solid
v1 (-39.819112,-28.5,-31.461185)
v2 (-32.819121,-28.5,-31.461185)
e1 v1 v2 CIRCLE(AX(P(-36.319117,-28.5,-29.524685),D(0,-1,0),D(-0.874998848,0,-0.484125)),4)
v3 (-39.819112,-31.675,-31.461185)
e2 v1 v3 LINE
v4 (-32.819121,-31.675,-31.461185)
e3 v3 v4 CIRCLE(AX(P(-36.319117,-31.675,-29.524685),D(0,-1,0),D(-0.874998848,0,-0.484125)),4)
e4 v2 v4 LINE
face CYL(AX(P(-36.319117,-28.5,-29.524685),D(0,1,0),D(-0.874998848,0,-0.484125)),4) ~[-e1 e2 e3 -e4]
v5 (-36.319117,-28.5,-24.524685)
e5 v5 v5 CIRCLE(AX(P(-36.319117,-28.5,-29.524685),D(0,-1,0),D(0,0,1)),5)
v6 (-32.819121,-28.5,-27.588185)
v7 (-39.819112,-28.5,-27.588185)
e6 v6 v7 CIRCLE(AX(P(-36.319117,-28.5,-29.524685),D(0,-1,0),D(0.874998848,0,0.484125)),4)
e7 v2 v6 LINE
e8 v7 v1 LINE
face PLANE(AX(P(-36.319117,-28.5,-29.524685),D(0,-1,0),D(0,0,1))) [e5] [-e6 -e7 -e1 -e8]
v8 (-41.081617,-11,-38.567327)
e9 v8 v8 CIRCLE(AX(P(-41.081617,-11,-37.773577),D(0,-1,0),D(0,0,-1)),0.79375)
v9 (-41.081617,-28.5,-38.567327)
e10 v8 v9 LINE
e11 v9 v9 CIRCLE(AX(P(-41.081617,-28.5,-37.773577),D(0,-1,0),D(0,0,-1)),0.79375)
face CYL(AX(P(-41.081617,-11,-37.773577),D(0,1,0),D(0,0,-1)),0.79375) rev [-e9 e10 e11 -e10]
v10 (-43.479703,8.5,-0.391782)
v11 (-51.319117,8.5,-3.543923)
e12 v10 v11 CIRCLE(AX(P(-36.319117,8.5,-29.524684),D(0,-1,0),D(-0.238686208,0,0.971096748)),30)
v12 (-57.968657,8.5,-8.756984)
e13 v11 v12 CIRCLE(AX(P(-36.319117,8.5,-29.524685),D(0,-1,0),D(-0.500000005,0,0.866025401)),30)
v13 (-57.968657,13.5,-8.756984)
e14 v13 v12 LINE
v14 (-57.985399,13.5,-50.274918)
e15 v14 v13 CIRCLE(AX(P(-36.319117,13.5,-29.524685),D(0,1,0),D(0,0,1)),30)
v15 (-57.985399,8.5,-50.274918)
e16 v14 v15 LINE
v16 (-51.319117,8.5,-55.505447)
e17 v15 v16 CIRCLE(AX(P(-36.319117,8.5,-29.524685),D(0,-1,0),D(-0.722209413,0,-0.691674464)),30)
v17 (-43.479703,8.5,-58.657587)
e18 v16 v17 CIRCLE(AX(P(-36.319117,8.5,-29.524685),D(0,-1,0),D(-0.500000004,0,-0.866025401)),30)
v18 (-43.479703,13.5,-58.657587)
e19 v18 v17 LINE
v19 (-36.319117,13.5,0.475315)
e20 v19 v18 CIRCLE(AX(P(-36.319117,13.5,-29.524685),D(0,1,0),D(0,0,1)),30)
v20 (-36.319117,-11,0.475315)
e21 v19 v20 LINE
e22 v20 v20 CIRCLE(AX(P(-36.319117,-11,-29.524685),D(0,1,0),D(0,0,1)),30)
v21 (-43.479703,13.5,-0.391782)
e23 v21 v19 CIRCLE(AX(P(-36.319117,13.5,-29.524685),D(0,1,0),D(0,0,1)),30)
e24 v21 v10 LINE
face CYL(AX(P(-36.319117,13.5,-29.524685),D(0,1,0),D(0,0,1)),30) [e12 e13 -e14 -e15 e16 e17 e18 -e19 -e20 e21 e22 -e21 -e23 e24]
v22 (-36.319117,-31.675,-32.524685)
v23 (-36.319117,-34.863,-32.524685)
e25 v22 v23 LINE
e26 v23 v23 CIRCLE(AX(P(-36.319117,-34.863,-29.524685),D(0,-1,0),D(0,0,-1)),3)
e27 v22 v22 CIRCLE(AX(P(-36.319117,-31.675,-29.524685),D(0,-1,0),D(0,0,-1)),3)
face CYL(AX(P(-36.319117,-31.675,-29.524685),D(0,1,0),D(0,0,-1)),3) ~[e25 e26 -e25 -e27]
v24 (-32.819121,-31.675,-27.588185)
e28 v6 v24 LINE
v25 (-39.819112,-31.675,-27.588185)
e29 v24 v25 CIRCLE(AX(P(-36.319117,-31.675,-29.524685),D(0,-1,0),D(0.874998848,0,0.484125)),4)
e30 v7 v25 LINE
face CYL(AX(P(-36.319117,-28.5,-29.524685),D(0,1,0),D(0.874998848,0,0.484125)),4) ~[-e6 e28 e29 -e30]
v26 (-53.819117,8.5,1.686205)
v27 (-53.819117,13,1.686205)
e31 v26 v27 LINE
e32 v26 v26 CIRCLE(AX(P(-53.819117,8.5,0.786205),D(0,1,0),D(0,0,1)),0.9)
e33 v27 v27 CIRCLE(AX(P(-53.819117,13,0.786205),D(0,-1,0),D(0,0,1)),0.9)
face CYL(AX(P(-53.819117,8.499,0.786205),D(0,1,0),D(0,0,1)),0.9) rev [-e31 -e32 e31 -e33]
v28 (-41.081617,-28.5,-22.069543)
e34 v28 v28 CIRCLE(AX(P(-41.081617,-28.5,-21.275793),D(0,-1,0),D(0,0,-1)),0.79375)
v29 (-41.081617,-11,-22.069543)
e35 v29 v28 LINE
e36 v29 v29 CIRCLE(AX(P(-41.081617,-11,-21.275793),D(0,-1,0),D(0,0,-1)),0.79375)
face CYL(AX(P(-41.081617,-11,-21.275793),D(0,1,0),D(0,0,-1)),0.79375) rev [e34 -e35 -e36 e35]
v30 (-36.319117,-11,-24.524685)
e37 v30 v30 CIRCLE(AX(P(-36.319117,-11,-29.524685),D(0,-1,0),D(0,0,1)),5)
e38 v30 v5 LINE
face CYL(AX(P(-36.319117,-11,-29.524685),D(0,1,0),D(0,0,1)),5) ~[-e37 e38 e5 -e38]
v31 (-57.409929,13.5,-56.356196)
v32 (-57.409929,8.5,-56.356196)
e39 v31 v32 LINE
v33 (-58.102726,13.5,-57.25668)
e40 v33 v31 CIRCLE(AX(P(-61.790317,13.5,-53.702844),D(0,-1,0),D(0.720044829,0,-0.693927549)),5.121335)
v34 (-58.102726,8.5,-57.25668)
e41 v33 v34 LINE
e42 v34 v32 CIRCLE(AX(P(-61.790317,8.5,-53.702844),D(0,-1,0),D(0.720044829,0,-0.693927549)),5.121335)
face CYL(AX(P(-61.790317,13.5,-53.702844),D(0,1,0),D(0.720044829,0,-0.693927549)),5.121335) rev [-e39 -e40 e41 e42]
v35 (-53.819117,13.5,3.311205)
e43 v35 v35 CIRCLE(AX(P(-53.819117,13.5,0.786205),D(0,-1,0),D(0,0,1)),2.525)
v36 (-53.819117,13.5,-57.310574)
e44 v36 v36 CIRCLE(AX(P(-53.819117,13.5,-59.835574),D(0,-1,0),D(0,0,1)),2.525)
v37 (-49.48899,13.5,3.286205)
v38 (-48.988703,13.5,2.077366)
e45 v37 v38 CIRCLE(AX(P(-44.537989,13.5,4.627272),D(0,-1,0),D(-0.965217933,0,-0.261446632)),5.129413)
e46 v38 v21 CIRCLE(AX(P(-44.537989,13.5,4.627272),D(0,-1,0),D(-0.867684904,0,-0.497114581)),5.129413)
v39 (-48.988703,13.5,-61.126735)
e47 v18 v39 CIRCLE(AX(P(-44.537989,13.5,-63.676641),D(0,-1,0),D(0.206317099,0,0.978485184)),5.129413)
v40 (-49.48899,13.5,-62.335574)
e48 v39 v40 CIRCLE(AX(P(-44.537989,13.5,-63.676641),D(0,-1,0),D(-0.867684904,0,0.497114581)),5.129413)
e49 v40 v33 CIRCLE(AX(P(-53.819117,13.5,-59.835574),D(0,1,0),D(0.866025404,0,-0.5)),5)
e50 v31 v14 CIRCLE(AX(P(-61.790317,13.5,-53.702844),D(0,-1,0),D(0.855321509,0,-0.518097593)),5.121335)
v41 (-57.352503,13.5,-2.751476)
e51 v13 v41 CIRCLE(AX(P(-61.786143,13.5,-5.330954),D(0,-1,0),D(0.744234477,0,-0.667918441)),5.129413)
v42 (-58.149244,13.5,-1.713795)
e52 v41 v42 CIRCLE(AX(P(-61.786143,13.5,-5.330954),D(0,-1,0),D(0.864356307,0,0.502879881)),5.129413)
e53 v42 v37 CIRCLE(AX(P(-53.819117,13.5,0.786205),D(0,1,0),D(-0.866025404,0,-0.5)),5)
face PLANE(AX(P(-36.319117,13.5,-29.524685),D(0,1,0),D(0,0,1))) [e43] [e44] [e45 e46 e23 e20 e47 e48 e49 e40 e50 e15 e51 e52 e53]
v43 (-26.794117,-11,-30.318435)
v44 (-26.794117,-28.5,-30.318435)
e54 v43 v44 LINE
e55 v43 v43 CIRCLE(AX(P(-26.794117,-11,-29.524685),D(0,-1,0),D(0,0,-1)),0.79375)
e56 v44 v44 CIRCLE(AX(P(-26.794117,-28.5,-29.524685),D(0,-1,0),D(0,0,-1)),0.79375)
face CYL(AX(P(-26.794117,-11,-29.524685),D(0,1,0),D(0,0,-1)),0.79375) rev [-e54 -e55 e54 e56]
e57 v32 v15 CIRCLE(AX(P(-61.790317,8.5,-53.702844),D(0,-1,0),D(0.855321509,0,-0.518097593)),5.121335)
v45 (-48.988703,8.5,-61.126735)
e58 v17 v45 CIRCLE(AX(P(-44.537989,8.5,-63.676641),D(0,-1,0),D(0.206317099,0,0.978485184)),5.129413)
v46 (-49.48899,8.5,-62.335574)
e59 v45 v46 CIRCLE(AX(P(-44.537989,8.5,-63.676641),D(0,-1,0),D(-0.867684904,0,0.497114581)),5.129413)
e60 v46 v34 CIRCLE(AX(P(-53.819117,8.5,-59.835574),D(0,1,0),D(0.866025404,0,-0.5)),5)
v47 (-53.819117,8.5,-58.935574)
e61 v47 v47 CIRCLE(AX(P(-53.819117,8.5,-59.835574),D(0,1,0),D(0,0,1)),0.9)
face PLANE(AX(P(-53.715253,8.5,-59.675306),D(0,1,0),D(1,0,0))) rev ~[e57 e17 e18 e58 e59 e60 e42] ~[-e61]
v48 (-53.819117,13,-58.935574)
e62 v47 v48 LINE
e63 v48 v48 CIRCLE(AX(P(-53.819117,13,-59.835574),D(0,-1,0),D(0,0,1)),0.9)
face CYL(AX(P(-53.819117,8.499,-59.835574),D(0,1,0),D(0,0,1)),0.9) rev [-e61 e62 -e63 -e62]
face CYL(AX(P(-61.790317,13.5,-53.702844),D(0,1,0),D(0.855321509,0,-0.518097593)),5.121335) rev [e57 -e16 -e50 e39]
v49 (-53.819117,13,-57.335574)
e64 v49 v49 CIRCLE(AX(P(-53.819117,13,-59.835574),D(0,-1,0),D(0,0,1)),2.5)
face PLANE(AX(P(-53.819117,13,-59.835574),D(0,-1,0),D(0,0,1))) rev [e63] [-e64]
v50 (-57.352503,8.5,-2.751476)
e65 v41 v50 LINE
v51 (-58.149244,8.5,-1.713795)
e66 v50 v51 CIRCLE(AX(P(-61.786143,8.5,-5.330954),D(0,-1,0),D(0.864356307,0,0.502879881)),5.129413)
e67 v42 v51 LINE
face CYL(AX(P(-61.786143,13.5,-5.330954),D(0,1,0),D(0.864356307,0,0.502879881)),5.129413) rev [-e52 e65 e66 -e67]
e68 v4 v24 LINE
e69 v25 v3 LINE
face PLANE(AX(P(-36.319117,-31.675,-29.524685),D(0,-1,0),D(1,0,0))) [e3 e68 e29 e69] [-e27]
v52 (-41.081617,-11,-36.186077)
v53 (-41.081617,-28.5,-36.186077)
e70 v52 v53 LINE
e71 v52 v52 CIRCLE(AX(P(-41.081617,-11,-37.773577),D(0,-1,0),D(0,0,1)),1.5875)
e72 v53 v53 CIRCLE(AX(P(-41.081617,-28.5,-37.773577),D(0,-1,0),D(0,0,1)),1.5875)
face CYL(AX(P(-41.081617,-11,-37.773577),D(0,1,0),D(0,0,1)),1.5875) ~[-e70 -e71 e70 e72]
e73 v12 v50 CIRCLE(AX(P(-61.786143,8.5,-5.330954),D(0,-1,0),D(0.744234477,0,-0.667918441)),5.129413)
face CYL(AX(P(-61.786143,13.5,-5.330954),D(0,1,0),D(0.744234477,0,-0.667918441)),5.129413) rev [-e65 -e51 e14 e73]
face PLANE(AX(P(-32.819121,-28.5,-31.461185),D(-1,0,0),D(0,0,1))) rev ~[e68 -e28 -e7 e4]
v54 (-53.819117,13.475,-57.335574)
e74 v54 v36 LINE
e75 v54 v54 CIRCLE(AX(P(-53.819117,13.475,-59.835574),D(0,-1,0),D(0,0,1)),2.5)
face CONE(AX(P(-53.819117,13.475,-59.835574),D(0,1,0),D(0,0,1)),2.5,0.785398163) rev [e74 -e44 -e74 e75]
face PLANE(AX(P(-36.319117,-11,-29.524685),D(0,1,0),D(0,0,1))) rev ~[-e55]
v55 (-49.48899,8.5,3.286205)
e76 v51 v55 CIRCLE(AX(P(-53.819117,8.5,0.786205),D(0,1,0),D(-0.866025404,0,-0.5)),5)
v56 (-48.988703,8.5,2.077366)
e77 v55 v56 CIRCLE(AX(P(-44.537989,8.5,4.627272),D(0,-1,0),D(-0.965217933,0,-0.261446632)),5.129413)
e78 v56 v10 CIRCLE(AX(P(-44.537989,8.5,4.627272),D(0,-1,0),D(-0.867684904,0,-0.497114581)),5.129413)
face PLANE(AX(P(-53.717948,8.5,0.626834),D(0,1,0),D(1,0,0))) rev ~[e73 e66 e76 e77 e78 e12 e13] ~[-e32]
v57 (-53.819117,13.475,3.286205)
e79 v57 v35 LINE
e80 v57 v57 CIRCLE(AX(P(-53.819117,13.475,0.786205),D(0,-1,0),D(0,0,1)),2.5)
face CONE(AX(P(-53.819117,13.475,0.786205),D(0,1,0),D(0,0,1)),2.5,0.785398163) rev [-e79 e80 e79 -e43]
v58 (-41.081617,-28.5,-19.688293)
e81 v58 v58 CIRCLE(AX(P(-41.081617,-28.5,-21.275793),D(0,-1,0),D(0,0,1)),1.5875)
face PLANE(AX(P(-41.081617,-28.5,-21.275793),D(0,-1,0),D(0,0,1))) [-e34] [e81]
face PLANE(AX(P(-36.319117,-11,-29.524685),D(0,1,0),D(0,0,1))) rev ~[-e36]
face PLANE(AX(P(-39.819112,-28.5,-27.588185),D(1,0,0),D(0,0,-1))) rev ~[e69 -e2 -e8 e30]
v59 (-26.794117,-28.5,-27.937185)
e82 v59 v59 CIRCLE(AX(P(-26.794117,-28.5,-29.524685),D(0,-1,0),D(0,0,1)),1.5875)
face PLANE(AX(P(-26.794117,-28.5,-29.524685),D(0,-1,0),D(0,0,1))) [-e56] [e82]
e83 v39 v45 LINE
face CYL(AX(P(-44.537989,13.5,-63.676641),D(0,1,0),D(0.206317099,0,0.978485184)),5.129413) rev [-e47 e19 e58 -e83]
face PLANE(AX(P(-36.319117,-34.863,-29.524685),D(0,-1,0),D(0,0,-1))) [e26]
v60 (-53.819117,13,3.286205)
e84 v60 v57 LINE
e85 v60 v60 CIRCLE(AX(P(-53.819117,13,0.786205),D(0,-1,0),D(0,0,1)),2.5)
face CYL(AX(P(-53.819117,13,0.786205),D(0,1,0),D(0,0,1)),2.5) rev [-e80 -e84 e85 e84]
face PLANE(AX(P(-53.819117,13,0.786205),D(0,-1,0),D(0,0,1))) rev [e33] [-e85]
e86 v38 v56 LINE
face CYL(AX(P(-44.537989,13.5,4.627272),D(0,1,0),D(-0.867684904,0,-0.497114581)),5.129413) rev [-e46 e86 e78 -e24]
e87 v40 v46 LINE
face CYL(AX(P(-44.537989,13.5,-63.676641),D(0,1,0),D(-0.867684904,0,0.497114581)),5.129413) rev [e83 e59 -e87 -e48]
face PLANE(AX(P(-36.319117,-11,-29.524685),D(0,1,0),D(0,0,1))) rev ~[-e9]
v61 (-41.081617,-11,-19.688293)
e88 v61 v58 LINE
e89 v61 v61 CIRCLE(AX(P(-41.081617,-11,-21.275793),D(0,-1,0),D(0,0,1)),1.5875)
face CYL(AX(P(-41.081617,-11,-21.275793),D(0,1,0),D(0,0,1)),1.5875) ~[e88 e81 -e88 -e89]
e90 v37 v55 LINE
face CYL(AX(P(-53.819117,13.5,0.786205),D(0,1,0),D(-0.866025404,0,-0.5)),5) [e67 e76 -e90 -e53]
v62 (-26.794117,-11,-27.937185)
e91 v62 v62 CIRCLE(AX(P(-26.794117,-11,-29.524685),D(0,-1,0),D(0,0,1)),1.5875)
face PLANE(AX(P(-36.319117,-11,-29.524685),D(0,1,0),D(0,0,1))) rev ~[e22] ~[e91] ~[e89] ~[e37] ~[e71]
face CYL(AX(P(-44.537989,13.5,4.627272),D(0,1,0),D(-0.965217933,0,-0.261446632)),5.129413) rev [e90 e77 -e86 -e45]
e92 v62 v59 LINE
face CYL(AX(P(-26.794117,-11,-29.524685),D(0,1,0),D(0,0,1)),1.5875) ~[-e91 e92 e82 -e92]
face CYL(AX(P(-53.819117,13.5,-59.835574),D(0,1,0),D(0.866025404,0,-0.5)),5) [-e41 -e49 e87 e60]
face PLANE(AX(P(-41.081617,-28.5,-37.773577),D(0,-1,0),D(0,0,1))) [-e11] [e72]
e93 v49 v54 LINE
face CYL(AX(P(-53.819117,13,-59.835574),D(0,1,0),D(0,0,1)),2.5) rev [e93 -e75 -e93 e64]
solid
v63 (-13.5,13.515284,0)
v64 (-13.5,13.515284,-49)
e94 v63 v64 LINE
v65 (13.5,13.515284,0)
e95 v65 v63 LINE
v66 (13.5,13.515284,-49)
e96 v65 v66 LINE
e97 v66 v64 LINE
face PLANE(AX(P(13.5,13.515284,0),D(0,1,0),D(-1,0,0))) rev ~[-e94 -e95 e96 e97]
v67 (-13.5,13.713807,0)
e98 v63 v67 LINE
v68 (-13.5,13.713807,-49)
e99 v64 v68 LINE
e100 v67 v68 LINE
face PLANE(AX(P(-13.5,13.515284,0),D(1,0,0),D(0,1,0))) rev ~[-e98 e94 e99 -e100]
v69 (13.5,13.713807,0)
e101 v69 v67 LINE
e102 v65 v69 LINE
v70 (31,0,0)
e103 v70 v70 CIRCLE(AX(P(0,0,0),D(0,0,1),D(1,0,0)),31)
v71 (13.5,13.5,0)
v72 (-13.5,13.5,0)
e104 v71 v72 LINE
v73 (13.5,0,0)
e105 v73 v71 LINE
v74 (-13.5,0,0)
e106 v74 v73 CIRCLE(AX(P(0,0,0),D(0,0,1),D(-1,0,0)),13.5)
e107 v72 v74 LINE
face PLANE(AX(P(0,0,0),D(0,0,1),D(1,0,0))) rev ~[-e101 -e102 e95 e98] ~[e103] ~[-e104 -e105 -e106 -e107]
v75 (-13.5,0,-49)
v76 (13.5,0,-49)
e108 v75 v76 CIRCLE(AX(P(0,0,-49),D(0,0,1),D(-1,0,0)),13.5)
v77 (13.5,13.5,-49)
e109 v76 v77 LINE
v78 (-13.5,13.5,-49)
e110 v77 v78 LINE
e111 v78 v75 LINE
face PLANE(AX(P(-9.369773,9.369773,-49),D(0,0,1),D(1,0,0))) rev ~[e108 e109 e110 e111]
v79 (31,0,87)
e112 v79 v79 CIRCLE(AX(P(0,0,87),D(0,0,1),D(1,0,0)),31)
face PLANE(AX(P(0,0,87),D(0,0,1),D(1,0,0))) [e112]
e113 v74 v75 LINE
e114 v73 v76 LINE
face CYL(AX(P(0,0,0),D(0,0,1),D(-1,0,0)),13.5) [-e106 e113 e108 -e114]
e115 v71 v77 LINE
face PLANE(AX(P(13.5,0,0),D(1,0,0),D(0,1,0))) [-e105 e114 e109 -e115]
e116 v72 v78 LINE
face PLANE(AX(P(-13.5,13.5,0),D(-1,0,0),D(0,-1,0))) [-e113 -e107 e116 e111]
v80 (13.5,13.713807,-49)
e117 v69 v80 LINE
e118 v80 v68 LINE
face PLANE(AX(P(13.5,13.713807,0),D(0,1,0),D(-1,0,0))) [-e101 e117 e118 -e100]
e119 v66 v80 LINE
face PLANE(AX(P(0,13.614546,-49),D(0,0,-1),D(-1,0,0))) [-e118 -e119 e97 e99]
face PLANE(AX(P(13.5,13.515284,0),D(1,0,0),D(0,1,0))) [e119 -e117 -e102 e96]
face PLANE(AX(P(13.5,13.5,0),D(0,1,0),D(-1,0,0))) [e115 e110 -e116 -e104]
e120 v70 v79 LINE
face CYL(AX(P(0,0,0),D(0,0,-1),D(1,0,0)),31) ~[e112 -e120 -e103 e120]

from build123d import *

# Parameters (mm, degrees)
SKETCH1_R                                    = 31
BOSS_EXTRUDE1_DEPTH                          = 87
BOSS_EXTRUDE2_DEPTH                          = 49
SKETCH4_R                                    = 30
BOSS_EXTRUDE35_DEPTH                         = 24.5
SKETCH12_R                                   = 1.5875
SKETCH12_R_2                                 = 0.79375
BOSS_EXTRUDE36_DEPTH                         = 17.5
SKETCH14_R                                   = 5
BOSS_EXTRUDE37_DEPTH                         = 17.5
BOSS_EXTRUDE38_DEPTH                         = 3.175
SKETCH17_R                                   = 3
BOSS_EXTRUDE39_DEPTH                         = 3.188
BOSS_EXTRUDE40_DEPTH                         = 5
CBORE_FOR_M1_6_HEXAGON_HEAD_BOLTS_FU_2_COUNT = 2
CBORE_FOR_M1_6_HEXAGON_HEAD_BOLTS_FU_2_PITCH = 60.621778265
SKETCH23_W                                   = 27
SKETCH23_H                                   = 0.198523496
BOSS_EXTRUDE44_DEPTH                         = 49


with BuildPart() as part:
    # Sketch1 → Boss-Extrude1 (new body)
    with BuildSketch(Plane.XY):
        Circle(SKETCH1_R)
    extrude(amount=BOSS_EXTRUDE1_DEPTH)

    # Sketch2 → Boss-Extrude2 (add)
    with BuildSketch(Plane.XY):
        with BuildLine():
            Line((-2.6e-08, 13.5), (-13.5, 13.5))
            Line((-13.5, 13.5), (-13.5, 0))
            ThreePointArc((-13.5, 0), (-9.545941555, 9.545941537), (-2.6e-08, 13.5))
        make_face()
        with BuildLine():
            Line((13.5, 13.5), (-2.6e-08, 13.5))
            ThreePointArc((-2.6e-08, 13.5), (9.545941537, 9.545941555), (13.5, 0))
            Line((13.5, 0), (13.5, 13.5))
        make_face()
        with BuildLine():
            ThreePointArc((13.5, 0), (9.545941537, 9.545941555), (-2.6e-08, 13.5))
            ThreePointArc((-2.6e-08, 13.5), (-9.545941555, 9.545941537), (-13.5, 0))
            Line((-13.5, 0), (13.5, 0))
        make_face()
        with BuildLine():
            Line((13.5, 0), (-13.5, 0))
            ThreePointArc((-13.5, 0), (0, -13.5), (13.5, 0))
        make_face()
    extrude(amount=-BOSS_EXTRUDE2_DEPTH)

    # Sketch23 → Boss-Extrude44 (add)
    with BuildSketch(Plane(origin=(0, 0, 0), x_dir=(-1, 0, 0), z_dir=(0, 0, -1))):
        with Locations((0, 13.614545632)):
            Rectangle(SKETCH23_W, SKETCH23_H)
    extrude(amount=BOSS_EXTRUDE44_DEPTH)


with BuildPart() as body_2:
    # Sketch4 → Boss-Extrude35 (new body)
    with BuildSketch(Plane(origin=(0, 13.5, 0), x_dir=(1, 0, 0), z_dir=(0, 1, 0))):
        with Locations(Location((-36.319116719, 29.524684542, 0), (0, 0, 270))):
            Circle(SKETCH4_R)
    extrude(amount=-BOSS_EXTRUDE35_DEPTH)

    # Sketch12 → Boss-Extrude36 (add)
    # profile 1 of 3: a face of its own
    with BuildSketch(Plane.XZ.offset(11)):
        with Locations(Location((-41.081616719, -21.275792571, 0), (0, 0, 90))):
            Circle(SKETCH12_R)
        with Locations(Location((-41.081616719, -21.275792571, 0), (0, 0, 270))):
            Circle(SKETCH12_R_2, mode=Mode.SUBTRACT)
    # profile 2 of 3: a face of its own
    with BuildSketch(Plane.XZ.offset(11)):
        with Locations(Location((-26.794116719, -29.524684542, 0), (0, 0, 90))):
            Circle(SKETCH12_R)
        with Locations(Location((-26.794116719, -29.524684542, 0), (0, 0, 270))):
            Circle(SKETCH12_R_2, mode=Mode.SUBTRACT)
    # profile 3 of 3: a face of its own
    with BuildSketch(Plane.XZ.offset(11)):
        with Locations(Location((-41.081616719, -37.773576513, 0), (0, 0, 90))):
            Circle(SKETCH12_R)
        with Locations(Location((-41.081616719, -37.773576513, 0), (0, 0, 270))):
            Circle(SKETCH12_R_2, mode=Mode.SUBTRACT)
    extrude(amount=BOSS_EXTRUDE36_DEPTH)

    # Sketch14 → Boss-Extrude37 (add)
    with BuildSketch(Plane.XZ.offset(11)):
        with Locations(Location((-36.319116719, -29.524684542, 0), (0, 0, 90))):
            Circle(SKETCH14_R)
    extrude(amount=BOSS_EXTRUDE37_DEPTH)

    # Sketch16 → Boss-Extrude38 (add)
    with BuildSketch(Plane.XZ.offset(28.5)):
        with BuildLine():
            Line((-39.819112112, -27.588184542), (-39.819112112, -31.461184542))
            ThreePointArc((-39.819112112, -31.461184542), (-36.319116719, -33.524684542), (-32.819121326, -31.461184542))
            Line((-32.819121326, -31.461184542), (-32.819121326, -27.588184542))
            ThreePointArc((-32.819121326, -27.588184542), (-36.319116719, -25.524684542), (-39.819112112, -27.588184542))
        make_face()
    extrude(amount=BOSS_EXTRUDE38_DEPTH)

    # Sketch17 → Boss-Extrude39 (add)
    with BuildSketch(Plane.XZ.offset(31.675)):
        with Locations(Location((-36.319116719, -29.524684542, 0), (0, 0, 270))):
            Circle(SKETCH17_R)
    extrude(amount=BOSS_EXTRUDE39_DEPTH)

    # Sketch4<14> → Boss-Extrude40 (add)
    with BuildSketch(Plane(origin=(0, 13.5, 0), x_dir=(1, 0, 0), z_dir=(0, 1, 0))):
        with BuildLine():
            ThreePointArc((-57.409928714, 56.356195969), (-54.510789615, 54.883645908), (-51.319116839, 55.505446587))
            ThreePointArc((-51.319116839, 55.505446587), (-49.488989735, 57.335573615), (-48.819116719, 59.835573675))
            ThreePointArc((-48.819116719, 59.835573675), (-48.86169446, 60.486699273), (-48.988702537, 61.126735489))
            ThreePointArc((-48.988702537, 61.126735489), (-49.277543837, 61.715139228), (-49.4889897, 62.335573675))
            ThreePointArc((-49.4889897, 62.335573675), (-56.358669983, 64.142622458), (-58.102725979, 57.25668017))
            ThreePointArc((-58.102725979, 57.25668017), (-57.731278879, 56.825709379), (-57.409928714, 56.356195969))
        make_face()
        with BuildLine():
            ThreePointArc((-57.985399102, 50.274918462), (-54.837855182, 53.126725254), (-51.319116839, 55.505446587))
            ThreePointArc((-51.319116839, 55.505446587), (-54.510789615, 54.883645908), (-57.409928714, 56.356195969))
            ThreePointArc((-57.409928714, 56.356195969), (-56.691759054, 53.220368588), (-57.985399102, 50.274918462))
        make_face()
        with BuildLine():
            ThreePointArc((-51.319116839, 55.505446587), (-47.510939371, 57.358892017), (-43.479702964, 58.657586983))
            ThreePointArc((-43.479702964, 58.657586983), (-46.635919955, 58.995876585), (-48.988702537, 61.126735489))
            ThreePointArc((-48.988702537, 61.126735489), (-48.86169446, 60.486699273), (-48.819116719, 59.835573675))
            ThreePointArc((-48.819116719, 59.835573675), (-49.488989735, 57.335573615), (-51.319116839, 55.505446587))
        make_face()
        with BuildLine():
            ThreePointArc((-48.819116719, -0.78620459), (-49.488989743, 1.713795484), (-51.319116868, 3.543922515))
            ThreePointArc((-51.319116868, 3.543922515), (-54.470242402, 4.171217658), (-57.352502741, 2.751475895))
            ThreePointArc((-57.352502741, 2.751475895), (-57.717654677, 2.207130123), (-58.149243738, 1.71379541))
            ThreePointArc((-58.149243738, 1.71379541), (-56.319116719, -5.116331609), (-49.4889897, -3.28620459))
            ThreePointArc((-49.4889897, -3.28620459), (-49.277543837, -2.665770143), (-48.988702537, -2.077366404))
            ThreePointArc((-48.988702537, -2.077366404), (-48.86169446, -1.437330188), (-48.819116719, -0.78620459))
        make_face()
        with BuildLine():
            ThreePointArc((-48.988702537, -2.077366404), (-46.635919955, 0.0534925), (-43.479702964, 0.391782102))
            ThreePointArc((-43.479702964, 0.391782102), (-47.510939387, 1.690477074), (-51.319116868, 3.543922515))
            ThreePointArc((-51.319116868, 3.543922515), (-49.488989743, 1.713795484), (-48.819116719, -0.78620459))
            ThreePointArc((-48.819116719, -0.78620459), (-48.86169446, -1.437330188), (-48.988702537, -2.077366404))
        make_face()
        with BuildLine():
            ThreePointArc((-57.352502741, 2.751475895), (-54.470242402, 4.171217658), (-51.319116868, 3.543922515))
            ThreePointArc((-51.319116868, 3.543922515), (-54.828336282, 5.91517817), (-57.968657196, 8.756983728))
            ThreePointArc((-57.968657196, 8.756983728), (-56.68351609, 5.854474833), (-57.352502741, 2.751475895))
        make_face()
    extrude(amount=-BOSS_EXTRUDE40_DEPTH)

    # Sketch21 → CBORE for M1.6 Hexagon head bolts-Full thread-grades AB1 (revolve, cut)
    with BuildSketch(Plane(origin=(-53.819116719, 13.5, -59.835573675), x_dir=(0, 0, 1), z_dir=(1, 0, 0))):
        Polygon((0, 0), (0, 5.001), (0.9, 5.001), (0.9, 0.5), (2.5, 0.5), (2.5, 0.025), (2.525, 0), align=None)
    cbore_for_m1_6_hexagon_head_bolts_full_t = revolve(axis=Axis((-53.819116719, 19.85, -59.835573675), (0, -1, 0)), mode=Mode.SUBTRACT)

    # CBORE for M1.6 Hexagon head bolts-Fu 2: CBORE for M1.6 Hexagon head bolts-Full thread-grades AB1 ×2
    with Locations(*[(0, 0, i * CBORE_FOR_M1_6_HEXAGON_HEAD_BOLTS_FU_2_PITCH) for i in range(1, CBORE_FOR_M1_6_HEXAGON_HEAD_BOLTS_FU_2_COUNT)]):
        add(cbore_for_m1_6_hexagon_head_bolts_full_t, mode=Mode.SUBTRACT)


solid = Compound([part.part, body_2.part])
